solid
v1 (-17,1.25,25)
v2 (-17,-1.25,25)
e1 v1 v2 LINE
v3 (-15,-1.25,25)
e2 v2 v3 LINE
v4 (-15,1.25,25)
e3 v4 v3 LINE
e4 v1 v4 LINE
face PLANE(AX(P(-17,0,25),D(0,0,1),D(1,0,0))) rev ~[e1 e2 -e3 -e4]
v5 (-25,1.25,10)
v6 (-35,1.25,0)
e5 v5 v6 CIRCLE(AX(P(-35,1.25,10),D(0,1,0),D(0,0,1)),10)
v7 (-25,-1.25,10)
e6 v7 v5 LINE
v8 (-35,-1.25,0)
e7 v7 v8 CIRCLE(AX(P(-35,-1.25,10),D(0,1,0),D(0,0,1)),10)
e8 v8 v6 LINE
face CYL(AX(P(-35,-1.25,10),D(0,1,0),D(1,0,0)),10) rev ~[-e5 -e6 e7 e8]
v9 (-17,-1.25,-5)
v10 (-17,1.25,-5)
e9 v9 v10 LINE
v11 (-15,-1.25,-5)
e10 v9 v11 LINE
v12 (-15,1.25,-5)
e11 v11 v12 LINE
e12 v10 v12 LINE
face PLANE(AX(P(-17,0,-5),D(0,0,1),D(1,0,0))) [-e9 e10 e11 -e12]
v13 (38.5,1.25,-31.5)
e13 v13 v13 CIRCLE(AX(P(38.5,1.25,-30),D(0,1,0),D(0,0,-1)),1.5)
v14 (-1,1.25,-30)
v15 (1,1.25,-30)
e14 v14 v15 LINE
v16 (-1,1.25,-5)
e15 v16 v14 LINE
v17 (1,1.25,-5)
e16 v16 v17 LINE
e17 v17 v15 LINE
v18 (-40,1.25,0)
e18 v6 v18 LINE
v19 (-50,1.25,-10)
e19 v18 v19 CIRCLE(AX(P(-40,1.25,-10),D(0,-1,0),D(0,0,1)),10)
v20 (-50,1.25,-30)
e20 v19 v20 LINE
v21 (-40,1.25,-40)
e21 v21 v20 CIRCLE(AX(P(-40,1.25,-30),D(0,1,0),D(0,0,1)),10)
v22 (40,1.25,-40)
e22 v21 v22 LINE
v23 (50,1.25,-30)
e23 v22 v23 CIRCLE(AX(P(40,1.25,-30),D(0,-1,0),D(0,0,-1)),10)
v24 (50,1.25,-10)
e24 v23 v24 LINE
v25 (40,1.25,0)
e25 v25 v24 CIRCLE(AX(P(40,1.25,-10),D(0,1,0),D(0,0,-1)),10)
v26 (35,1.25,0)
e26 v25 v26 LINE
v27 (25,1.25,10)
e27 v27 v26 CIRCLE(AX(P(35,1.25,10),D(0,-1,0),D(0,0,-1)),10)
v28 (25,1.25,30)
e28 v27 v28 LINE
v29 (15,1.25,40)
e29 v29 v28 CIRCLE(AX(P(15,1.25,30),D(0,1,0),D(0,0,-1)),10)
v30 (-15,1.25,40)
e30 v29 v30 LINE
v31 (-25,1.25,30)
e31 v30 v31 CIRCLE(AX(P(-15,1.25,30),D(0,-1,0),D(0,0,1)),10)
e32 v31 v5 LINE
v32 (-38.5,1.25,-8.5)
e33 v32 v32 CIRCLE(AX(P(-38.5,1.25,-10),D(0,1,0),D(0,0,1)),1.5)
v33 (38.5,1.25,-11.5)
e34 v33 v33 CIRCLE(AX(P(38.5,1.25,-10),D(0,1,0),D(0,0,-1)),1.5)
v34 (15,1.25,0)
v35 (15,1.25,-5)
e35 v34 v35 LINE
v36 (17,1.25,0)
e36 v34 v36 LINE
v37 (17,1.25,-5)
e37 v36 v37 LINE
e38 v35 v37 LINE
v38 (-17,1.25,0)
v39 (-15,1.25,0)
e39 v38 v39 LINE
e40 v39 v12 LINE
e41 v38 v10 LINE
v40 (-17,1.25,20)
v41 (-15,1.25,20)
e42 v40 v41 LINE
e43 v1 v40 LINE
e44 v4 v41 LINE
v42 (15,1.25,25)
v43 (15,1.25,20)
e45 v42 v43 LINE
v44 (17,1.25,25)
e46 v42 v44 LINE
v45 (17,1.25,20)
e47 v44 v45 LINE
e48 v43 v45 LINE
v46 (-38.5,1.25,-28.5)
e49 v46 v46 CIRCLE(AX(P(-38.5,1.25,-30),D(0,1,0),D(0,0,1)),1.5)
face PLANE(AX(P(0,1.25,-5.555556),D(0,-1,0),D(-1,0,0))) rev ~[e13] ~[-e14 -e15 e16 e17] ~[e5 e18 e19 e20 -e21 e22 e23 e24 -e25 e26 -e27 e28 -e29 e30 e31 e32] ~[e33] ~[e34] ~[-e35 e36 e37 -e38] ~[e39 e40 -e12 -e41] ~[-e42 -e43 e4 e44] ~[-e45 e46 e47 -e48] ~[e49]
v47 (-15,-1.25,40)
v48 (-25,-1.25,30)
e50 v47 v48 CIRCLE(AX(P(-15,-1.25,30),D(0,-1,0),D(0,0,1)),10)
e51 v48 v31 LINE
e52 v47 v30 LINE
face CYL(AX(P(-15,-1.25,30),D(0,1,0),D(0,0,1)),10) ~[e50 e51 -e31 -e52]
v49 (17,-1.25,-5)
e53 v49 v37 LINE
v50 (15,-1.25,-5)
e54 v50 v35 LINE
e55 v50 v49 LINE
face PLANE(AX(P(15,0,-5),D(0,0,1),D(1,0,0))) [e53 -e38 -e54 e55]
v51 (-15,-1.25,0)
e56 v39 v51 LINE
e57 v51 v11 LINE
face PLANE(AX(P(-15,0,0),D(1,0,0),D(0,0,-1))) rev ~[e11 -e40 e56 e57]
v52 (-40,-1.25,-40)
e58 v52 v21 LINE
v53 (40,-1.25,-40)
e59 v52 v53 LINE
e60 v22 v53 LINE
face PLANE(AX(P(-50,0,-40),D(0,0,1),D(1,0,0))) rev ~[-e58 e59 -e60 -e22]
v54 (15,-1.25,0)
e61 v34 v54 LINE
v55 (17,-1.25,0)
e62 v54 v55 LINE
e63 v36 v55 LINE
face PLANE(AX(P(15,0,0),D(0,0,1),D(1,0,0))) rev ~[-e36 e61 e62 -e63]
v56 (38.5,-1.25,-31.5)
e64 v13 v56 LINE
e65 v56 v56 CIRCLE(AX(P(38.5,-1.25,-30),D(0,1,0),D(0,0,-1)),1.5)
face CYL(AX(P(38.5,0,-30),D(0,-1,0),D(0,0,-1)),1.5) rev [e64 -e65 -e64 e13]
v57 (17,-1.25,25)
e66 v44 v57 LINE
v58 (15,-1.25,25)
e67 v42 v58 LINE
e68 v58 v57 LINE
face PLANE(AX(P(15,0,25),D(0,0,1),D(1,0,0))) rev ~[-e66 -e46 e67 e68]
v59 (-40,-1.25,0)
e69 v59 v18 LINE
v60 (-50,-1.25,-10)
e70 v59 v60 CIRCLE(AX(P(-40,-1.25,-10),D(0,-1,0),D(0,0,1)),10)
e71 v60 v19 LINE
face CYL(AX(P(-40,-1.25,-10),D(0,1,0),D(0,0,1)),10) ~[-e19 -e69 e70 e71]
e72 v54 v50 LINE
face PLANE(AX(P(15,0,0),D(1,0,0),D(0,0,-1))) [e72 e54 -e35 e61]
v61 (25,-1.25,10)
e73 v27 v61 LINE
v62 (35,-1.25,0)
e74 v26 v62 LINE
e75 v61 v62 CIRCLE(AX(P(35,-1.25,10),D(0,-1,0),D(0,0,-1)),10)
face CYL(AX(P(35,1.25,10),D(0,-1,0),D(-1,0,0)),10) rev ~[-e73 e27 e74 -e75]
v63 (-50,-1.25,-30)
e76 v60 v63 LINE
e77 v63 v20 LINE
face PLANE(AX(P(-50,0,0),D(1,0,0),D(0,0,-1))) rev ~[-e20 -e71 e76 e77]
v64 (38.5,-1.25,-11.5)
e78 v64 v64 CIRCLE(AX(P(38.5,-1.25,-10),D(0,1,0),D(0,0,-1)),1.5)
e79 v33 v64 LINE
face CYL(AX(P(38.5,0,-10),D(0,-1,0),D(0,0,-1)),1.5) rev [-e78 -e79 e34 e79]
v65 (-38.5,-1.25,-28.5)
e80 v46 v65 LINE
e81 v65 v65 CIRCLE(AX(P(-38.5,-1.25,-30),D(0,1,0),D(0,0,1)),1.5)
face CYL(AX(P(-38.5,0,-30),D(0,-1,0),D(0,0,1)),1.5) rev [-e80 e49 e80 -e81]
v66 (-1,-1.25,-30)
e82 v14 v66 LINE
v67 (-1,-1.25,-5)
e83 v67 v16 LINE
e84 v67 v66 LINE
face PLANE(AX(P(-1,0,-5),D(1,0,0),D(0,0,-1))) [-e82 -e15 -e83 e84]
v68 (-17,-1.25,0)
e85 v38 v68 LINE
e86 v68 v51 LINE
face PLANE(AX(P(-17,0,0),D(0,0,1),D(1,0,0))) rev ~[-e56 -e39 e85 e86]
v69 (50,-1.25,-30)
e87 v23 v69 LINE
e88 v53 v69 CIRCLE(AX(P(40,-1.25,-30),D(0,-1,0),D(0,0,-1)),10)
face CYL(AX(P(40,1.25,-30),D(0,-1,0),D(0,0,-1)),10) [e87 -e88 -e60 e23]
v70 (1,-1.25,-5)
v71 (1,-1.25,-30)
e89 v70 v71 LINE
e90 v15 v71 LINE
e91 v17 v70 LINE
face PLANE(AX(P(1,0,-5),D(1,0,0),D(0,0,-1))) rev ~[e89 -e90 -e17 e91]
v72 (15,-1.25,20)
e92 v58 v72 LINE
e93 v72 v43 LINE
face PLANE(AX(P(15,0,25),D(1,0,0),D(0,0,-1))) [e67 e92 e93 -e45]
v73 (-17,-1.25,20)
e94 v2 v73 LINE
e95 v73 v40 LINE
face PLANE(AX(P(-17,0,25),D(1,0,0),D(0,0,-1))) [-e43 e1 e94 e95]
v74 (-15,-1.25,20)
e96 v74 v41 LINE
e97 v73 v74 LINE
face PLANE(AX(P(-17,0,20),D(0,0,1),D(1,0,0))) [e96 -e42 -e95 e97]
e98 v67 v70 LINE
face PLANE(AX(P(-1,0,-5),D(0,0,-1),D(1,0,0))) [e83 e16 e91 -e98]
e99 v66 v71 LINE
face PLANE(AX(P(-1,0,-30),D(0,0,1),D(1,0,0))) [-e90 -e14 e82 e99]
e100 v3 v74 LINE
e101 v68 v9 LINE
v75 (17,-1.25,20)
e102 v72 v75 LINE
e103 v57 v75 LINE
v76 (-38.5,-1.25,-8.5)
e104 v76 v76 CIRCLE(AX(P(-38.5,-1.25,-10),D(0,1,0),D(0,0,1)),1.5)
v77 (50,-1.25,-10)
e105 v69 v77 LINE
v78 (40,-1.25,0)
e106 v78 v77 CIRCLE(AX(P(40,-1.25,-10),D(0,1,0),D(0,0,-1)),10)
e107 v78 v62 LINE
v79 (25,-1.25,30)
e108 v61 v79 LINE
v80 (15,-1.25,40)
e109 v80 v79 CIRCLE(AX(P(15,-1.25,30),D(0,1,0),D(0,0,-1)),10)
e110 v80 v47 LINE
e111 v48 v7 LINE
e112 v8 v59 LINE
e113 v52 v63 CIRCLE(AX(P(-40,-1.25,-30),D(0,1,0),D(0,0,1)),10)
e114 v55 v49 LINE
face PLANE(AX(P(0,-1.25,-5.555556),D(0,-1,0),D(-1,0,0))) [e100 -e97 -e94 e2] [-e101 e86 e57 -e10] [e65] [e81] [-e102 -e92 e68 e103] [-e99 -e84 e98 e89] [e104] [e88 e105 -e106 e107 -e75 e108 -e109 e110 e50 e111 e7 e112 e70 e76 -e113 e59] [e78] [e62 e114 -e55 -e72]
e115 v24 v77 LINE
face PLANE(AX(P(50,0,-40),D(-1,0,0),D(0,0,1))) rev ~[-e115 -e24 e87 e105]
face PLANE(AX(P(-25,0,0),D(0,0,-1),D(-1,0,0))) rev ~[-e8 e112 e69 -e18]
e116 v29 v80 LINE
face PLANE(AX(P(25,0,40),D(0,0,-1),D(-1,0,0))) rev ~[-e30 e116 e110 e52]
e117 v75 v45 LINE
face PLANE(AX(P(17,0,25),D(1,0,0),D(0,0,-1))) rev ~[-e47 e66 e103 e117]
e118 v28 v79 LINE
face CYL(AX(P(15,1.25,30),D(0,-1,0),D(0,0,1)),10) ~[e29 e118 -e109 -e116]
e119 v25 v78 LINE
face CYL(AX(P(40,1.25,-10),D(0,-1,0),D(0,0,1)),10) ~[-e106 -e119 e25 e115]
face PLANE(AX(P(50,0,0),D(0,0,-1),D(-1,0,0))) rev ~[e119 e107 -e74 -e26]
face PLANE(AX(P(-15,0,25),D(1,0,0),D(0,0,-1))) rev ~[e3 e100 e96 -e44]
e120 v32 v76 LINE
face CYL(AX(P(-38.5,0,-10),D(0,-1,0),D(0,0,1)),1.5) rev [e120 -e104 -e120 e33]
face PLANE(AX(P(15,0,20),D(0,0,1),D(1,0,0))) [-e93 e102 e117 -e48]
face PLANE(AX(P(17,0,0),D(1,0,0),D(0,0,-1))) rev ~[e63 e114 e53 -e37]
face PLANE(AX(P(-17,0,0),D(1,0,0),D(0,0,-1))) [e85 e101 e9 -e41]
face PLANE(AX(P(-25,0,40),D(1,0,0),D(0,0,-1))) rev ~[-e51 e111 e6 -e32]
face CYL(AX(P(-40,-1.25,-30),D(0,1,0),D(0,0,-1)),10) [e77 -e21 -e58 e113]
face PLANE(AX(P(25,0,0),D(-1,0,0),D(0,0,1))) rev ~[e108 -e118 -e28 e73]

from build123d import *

# Parameters (mm, degrees)
SKETCH1_R           = 1.5
SKETCH1_W           = 2
SKETCH1_H           = 5
SKETCH1_H_2         = 25
BOSS_EXTRUDE1_DEPTH = 1.25
FILLET1_R           = 10


with BuildPart() as part:
    # Sketch1 → Boss-Extrude1 (new, symmetric)
    with BuildSketch(Plane(origin=(0, 0, 0), x_dir=(1, 0, 0), z_dir=(0, 1, 0))):
        Polygon((-50, 40), (50, 40), (50, 0), (25, 0), (25, -40), (-25, -40), (-25, 0), (-50, 0), align=None)
        with Locations(Location((-38.5, 30, 0), (0, 0, 270))):
            Circle(SKETCH1_R, mode=Mode.SUBTRACT)
        with Locations(Location((38.5, 30, 0), (0, 0, 90))):
            Circle(SKETCH1_R, mode=Mode.SUBTRACT)
        with Locations(Location((-38.5, 10, 0), (0, 0, 270))):
            Circle(SKETCH1_R, mode=Mode.SUBTRACT)
        with Locations(Location((38.5, 10, 0), (0, 0, 90))):
            Circle(SKETCH1_R, mode=Mode.SUBTRACT)
        with Locations((16, -22.5)):
            Rectangle(SKETCH1_W, SKETCH1_H, mode=Mode.SUBTRACT)
        with Locations((-16, -22.5)):
            Rectangle(SKETCH1_W, SKETCH1_H, mode=Mode.SUBTRACT)
        with Locations((-16, 2.5)):
            Rectangle(SKETCH1_W, SKETCH1_H, mode=Mode.SUBTRACT)
        with Locations((16, 2.5)):
            Rectangle(SKETCH1_W, SKETCH1_H, mode=Mode.SUBTRACT)
        with Locations((0, 17.5)):
            Rectangle(SKETCH1_W, SKETCH1_H_2, mode=Mode.SUBTRACT)
    extrude(amount=BOSS_EXTRUDE1_DEPTH, both=True)

    # Fillet1
    fillet1_edges = [part.edges().sort_by_distance(p)[0] for p in [
        (50, 0, 0),
        (25, 0, 0),
        (25, 0, 40),
        (-25, 0, 40),
        (-25, 0, 0),
        (-50, 0, 0),
        (-50, 0, -40),
        (50, 0, -40),
    ]]
    fillet(fillet1_edges, radius=FILLET1_R)


solid = part.part
